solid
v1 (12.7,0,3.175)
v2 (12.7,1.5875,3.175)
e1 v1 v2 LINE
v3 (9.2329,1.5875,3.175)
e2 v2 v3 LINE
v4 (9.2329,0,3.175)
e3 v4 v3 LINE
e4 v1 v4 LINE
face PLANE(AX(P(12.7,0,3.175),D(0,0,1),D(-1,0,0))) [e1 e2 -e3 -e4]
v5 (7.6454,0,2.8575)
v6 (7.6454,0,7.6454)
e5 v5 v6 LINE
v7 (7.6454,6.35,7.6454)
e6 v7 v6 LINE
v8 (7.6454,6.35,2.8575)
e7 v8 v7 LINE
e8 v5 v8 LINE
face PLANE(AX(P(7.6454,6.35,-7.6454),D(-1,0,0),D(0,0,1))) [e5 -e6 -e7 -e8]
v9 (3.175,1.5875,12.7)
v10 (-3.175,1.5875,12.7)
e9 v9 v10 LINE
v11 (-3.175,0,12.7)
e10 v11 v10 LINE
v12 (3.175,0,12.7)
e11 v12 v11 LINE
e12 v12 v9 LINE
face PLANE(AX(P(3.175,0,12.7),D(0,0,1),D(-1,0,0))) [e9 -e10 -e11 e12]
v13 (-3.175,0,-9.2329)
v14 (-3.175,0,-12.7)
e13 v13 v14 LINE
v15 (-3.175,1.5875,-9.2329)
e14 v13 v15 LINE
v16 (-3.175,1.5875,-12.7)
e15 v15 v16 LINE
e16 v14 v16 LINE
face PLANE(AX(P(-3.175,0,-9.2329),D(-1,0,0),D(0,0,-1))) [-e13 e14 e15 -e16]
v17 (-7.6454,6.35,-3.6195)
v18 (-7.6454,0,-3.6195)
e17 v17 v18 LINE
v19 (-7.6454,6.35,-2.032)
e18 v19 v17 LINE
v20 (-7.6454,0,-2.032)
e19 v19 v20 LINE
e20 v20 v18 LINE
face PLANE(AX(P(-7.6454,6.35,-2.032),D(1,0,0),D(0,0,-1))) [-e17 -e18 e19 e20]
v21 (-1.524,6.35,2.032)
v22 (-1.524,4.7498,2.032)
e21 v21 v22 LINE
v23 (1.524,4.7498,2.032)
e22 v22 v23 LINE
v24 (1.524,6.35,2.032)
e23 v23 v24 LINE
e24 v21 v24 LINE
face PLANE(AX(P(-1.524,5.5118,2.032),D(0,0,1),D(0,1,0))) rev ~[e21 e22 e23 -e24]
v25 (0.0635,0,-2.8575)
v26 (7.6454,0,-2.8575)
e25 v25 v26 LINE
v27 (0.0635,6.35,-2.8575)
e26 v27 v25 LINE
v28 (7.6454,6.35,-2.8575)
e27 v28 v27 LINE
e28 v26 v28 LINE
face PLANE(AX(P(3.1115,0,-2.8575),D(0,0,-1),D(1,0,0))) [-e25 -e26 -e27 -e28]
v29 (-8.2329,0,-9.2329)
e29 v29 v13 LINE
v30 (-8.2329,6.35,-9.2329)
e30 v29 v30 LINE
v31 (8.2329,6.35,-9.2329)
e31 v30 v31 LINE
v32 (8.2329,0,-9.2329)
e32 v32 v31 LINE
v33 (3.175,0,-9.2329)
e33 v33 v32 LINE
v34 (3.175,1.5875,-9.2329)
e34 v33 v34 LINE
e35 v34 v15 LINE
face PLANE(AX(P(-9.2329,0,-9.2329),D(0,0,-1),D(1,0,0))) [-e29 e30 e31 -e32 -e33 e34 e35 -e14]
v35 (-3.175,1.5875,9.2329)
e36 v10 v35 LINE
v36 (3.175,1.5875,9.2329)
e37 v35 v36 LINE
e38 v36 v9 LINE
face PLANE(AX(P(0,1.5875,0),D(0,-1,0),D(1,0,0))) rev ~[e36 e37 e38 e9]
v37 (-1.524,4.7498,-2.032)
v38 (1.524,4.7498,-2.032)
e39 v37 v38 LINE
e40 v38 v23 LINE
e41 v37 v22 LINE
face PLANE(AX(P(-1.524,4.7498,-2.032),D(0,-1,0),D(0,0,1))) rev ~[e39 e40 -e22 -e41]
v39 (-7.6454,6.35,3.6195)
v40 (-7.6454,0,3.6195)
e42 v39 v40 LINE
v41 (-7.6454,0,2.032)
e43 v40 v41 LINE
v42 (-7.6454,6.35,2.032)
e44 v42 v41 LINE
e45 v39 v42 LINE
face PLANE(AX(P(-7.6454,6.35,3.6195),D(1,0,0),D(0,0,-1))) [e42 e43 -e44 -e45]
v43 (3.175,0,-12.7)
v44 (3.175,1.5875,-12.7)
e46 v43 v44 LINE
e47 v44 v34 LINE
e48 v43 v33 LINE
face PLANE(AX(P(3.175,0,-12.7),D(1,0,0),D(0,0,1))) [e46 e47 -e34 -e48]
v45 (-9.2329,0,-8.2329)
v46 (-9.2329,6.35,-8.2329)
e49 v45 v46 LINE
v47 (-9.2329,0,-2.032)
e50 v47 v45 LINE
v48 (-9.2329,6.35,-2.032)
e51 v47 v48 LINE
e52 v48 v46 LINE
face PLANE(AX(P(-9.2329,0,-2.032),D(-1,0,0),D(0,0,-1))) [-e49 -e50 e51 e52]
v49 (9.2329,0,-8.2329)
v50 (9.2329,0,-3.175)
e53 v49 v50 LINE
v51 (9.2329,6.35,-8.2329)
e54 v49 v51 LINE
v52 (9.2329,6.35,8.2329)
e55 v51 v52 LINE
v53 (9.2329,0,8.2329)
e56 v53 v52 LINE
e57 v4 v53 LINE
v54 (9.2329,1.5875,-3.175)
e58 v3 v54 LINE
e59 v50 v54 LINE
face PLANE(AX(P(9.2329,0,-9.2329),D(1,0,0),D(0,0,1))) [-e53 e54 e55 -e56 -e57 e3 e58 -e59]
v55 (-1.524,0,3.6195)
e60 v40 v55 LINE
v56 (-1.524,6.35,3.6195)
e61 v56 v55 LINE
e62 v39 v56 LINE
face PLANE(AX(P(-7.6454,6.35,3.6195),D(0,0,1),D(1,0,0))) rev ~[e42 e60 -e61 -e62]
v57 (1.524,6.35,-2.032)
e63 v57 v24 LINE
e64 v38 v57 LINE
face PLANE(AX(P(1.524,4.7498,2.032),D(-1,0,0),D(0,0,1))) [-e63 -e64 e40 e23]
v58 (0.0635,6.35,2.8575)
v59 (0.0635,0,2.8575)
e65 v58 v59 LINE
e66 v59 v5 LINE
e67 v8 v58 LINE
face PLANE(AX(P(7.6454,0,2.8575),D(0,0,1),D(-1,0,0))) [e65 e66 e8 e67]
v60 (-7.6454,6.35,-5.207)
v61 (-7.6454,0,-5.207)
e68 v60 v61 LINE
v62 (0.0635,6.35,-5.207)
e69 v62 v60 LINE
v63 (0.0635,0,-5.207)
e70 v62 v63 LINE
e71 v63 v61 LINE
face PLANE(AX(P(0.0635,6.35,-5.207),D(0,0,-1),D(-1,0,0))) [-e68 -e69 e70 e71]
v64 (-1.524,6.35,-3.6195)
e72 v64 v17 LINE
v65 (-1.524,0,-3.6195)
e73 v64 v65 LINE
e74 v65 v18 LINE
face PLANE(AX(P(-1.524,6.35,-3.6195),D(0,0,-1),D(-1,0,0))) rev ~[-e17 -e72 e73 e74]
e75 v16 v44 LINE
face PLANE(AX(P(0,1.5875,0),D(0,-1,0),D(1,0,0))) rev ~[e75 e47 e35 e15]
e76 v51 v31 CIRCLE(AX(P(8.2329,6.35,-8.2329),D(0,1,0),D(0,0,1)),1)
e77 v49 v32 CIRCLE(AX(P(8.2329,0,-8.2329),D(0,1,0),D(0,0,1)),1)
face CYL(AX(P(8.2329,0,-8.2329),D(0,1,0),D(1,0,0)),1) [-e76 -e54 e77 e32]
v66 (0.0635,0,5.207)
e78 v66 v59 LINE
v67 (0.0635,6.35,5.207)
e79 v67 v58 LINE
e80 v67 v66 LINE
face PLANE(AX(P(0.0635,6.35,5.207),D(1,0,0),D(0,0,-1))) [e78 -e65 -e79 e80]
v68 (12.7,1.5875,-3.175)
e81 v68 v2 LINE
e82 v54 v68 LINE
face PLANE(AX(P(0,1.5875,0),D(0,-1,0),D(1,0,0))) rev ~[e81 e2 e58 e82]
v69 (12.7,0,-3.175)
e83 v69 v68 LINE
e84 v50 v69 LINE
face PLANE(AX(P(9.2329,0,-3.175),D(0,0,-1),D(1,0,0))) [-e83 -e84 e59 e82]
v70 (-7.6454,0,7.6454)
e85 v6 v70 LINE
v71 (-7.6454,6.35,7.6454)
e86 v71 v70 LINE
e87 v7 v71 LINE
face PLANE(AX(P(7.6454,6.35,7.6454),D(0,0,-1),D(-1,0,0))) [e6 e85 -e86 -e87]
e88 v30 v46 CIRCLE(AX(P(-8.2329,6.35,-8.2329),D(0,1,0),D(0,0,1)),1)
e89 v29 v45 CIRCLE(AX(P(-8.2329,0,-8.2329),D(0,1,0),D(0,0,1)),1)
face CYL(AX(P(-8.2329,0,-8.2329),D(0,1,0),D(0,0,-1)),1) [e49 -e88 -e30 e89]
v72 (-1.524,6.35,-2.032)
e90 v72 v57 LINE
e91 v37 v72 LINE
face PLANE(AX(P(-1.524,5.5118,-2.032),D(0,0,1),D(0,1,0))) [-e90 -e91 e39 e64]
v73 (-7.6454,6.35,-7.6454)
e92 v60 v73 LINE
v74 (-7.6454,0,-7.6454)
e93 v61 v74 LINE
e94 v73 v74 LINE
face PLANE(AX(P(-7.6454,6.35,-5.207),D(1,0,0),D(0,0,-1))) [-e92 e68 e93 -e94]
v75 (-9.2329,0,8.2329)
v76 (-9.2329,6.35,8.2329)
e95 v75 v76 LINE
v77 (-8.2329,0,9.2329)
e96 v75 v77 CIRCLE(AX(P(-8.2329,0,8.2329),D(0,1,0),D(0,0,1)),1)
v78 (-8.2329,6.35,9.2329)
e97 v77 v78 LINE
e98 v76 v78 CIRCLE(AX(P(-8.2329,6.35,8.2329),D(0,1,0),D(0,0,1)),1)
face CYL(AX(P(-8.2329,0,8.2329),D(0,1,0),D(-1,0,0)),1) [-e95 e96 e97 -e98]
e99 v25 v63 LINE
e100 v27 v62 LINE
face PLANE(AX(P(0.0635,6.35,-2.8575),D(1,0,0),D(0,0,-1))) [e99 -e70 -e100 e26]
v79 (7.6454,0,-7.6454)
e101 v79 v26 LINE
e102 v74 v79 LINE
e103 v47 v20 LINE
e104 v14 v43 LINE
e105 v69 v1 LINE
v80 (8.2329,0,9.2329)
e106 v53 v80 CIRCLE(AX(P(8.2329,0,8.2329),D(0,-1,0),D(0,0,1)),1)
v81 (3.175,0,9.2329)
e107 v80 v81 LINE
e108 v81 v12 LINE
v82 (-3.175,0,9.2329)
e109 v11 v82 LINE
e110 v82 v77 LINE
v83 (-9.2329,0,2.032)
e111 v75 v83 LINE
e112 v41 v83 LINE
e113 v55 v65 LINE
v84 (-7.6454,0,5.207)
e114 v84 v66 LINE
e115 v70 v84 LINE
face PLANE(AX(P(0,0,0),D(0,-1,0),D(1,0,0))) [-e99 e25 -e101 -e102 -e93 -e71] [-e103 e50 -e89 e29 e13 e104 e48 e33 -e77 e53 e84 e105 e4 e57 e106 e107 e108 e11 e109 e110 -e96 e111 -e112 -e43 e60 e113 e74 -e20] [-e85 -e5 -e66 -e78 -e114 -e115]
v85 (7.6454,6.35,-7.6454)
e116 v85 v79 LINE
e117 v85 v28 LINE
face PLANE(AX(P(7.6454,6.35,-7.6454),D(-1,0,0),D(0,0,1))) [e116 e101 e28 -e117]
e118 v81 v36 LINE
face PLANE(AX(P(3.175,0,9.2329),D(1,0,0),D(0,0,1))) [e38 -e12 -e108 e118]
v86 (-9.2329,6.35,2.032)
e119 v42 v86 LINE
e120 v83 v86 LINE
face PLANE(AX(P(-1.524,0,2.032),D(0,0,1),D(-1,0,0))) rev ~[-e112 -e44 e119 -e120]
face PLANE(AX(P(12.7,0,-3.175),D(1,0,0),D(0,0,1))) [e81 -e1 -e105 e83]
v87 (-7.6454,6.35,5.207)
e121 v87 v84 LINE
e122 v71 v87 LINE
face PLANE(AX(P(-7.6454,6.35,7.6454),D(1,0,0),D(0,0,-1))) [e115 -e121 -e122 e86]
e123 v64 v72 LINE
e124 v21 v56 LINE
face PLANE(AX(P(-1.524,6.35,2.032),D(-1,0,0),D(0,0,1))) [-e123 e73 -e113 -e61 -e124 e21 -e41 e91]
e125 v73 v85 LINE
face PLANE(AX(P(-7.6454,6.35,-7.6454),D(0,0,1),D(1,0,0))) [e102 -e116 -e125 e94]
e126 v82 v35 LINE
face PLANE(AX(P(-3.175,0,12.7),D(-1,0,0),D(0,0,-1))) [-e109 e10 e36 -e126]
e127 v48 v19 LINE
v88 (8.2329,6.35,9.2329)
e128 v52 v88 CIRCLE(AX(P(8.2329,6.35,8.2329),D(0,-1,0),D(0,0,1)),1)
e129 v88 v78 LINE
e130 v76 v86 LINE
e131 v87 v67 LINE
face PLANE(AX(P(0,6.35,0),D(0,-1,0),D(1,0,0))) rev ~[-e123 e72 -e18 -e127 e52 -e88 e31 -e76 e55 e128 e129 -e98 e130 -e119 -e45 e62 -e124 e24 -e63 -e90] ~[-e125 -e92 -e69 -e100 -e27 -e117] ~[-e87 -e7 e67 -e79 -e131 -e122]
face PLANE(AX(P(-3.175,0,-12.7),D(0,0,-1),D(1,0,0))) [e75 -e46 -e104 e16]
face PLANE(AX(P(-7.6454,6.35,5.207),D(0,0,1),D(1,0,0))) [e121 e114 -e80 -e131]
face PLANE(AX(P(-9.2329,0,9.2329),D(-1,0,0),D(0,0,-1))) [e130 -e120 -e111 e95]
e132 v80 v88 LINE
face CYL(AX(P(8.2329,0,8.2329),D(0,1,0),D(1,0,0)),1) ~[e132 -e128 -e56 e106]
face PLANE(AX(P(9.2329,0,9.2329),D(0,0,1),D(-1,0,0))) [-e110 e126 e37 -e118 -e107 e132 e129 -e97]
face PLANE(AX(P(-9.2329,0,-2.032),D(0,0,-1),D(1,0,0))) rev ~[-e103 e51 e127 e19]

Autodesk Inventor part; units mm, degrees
ref_plane "YZ Plane" through (0, 0, 0) normal (1, 0, 0) x (0, 1, 0)
ref_plane "XZ Plane" through (0, 0, 0) normal (0, 1, 0) x (-1, 0, 0)
ref_plane "XY Plane" through (0, 0, 0) normal (0, 0, 1) x (1, 0, 0)
sketch "Sketch1" plane through (0, 0, 0) normal (0, 1, 0) x (-1, 0, 0)
  line L0 (-9.2329, 9.2329) -> (9.2329, 9.2329)
  line L1 (9.2329, -9.2329) -> (-9.2329, -9.2329)
  line L2 (-9.2329, -9.2329) -> (-9.2329, 9.2329)
  line L3 (-9.2329, 9.2329) -> (9.2329, -9.2329) construction
  line L4 (9.2329, 9.2329) -> (-9.2329, -9.2329) construction
  line L5 (-1.524, 2.032) -> (1.524, 2.032) construction
  line L6 (1.524, 2.032) -> (1.524, -2.032) construction
  line L7 (1.524, -2.032) -> (-1.524, -2.032) construction
  line L8 (-1.524, -2.032) -> (-1.524, 2.032) construction
  line L9 (-1.524, 2.032) -> (1.524, -2.032) construction
  line L10 (1.524, 2.032) -> (-1.524, -2.032) construction
  line L11 (1.524, 2.032) -> (9.2329, 2.032)
  line L12 (9.2329, -2.032) -> (1.524, -2.032)
  line L13 (1.524, -2.032) -> (1.524, 2.032)
  line L14 (9.2329, 9.2329) -> (9.2329, 2.032)
  line L15 (9.2329, -2.032) -> (9.2329, -9.2329)
  point P0 (0, 0)
  dimension "d0" = 18.4658
  dimension "d1" = 3.048
  dimension "d2" = 4.064
extrude "Extrusion1" add sketch "Sketch1" along normal blind 6.35
sketch "Sketch2" plane through (-1.524, 0, -2.032) normal (-1, 0, 0) x (0, 0, 1)
  line L0 (0, 0) -> (4.064, 0) projected
  line L1 (4.064, 0) -> (4.064, 6.35) projected
  line L2 (0, 6.35) -> (4.064, 6.35) projected
  line L3 (0, 0) -> (0, 6.35) projected
  line L4 (0, 4.7498) -> (4.064, 4.7498)
  line L5 (0, 5.5118) -> (0.762, 6.35)
  line L6 (3.302, 6.35) -> (4.064, 5.5118)
  line L7 (2.032, 4.7498) -> (2.032, 6.35) construction
  point P0 (2.032, 0)
  dimension "d17" = 1.6002
  dimension "d19" = 2.54
  dimension "d21" = 0.762
extrude "Extrusion2" cut sketch "Sketch2" against normal blind 3.048 contours L3 L5 L2 L6 L1 L4
sketch "Sketch6" plane through (0, 6.35, 0) normal (0, 1, 0) x (1, 0, 0)
  line L0 (1.524, -1.27) -> (-1.524, -1.27) projected
  line L1 (-1.524, -1.27) -> (-1.524, -2.032) projected
  line L2 (-1.524, -2.032) -> (-9.2329, -2.032) projected
  line L3 (-9.2329, -2.032) -> (-9.2329, -9.2329) projected
  line L4 (-9.2329, -9.2329) -> (9.2329, -9.2329) projected
  line L5 (9.2329, -9.2329) -> (9.2329, 9.2329) projected
  line L6 (9.2329, 9.2329) -> (-9.2329, 9.2329) projected
  line L7 (-9.2329, 9.2329) -> (-9.2329, 2.032) projected
  line L8 (-9.2329, 2.032) -> (-1.524, 2.032) projected
  line L9 (-1.524, 2.032) -> (-1.524, 1.27) projected
  line L10 (-1.524, 1.27) -> (1.524, 1.27) projected
  line L11 (1.524, 1.27) -> (1.524, -1.27) projected
  line L12 (-7.6454, 7.6454) -> (7.6454, 7.6454)
  line L13 (7.6454, 7.6454) -> (7.6454, -7.6454)
  line L14 (7.6454, -7.6454) -> (-7.6454, -7.6454)
  line L15 (-7.6454, -7.6454) -> (-7.6454, -3.6195)
  line L16 (-7.6454, -3.6195) -> (0.0635, -3.6195)
  line L17 (0.0635, -3.6195) -> (0.0635, -2.8575)
  line L18 (0.0635, -2.8575) -> (3.1115, -2.8575)
  line L19 (3.1115, -2.8575) -> (3.1115, 2.8575)
  line L20 (3.1115, 2.8575) -> (0.0635, 2.8575)
  line L21 (0.0635, 2.8575) -> (0.0635, 3.6195)
  line L22 (0.0635, 3.6195) -> (-7.6454, 3.6195)
  line L23 (-7.6454, 3.6195) -> (-7.6454, 7.6454)
  line L24 (-7.6454, 3.6195) -> (-1.524, 3.6195)
  line L25 (-1.524, 3.6195) -> (-1.524, -3.6195)
  line L26 (-1.524, -3.6195) -> (-7.6454, -3.6195)
  line L27 (-7.6454, -3.6195) -> (-7.6454, 3.6195)
  point P0 (0, 0)
  point P1 (-7.6454, -2.032)
  point P2 (-7.6454, 2.032)
  point P3 (-1.524, 2.032)
  dimension "d22" = 1.5875
extrude "Extrusion5" cut sketch "Sketch6" against normal through all contours L25 L16 L27 L2 | L8 L27 L22 L25
sketch "Sketch7" plane through (0, 6.35, 0) normal (0, 1, 0) x (1, 0, 0)
  line L0 (-7.6454, -3.6195) -> (-7.6454, -2.032) projected
  line L1 (-7.6454, -2.032) -> (-9.2329, -2.032) projected
  line L2 (-9.2329, -2.032) -> (-9.2329, -9.2329) projected
  line L3 (-9.2329, -9.2329) -> (9.2329, -9.2329) projected
  line L4 (9.2329, -9.2329) -> (9.2329, 9.2329) projected
  line L5 (9.2329, 9.2329) -> (-9.2329, 9.2329) projected
  line L6 (-9.2329, 9.2329) -> (-9.2329, 2.032) projected
  line L7 (-9.2329, 2.032) -> (-7.6454, 2.032) projected
  line L8 (-7.6454, 2.032) -> (-7.6454, 3.6195) projected
  line L9 (-7.6454, 3.6195) -> (-1.524, 3.6195) projected
  line L10 (-1.524, 3.6195) -> (-1.524, 1.27) projected
  line L11 (-1.524, 1.27) -> (1.524, 1.27) projected
  line L12 (1.524, 1.27) -> (1.524, -1.27) projected
  line L13 (1.524, -1.27) -> (-1.524, -1.27) projected
  line L14 (-1.524, -1.27) -> (-1.524, -3.6195) projected
  line L15 (-1.524, -3.6195) -> (-7.6454, -3.6195) projected
  line L16 (-7.6454, 7.6454) -> (7.6454, 7.6454)
  line L17 (7.6454, 7.6454) -> (7.6454, -7.6454)
  line L18 (7.6454, -7.6454) -> (-7.6454, -7.6454)
  line L19 (-7.6454, -7.6454) -> (-7.6454, -5.207)
  line L20 (-7.6454, -5.207) -> (0.0635, -5.207)
  line L21 (0.0635, -5.207) -> (0.0635, -2.8575)
  line L22 (0.0635, -2.8575) -> (3.1115, -2.8575)
  line L23 (3.1115, -2.8575) -> (3.1115, 2.8575)
  line L24 (3.1115, 2.8575) -> (0.0635, 2.8575)
  line L25 (0.0635, 2.8575) -> (0.0635, 5.207)
  line L26 (0.0635, 5.207) -> (-7.6454, 5.207)
  line L27 (-7.6454, 5.207) -> (-7.6454, 7.6454)
  point P0 (0, 0)
  dimension "d25" = 1.5875
extrude "Extrusion6" cut sketch "Sketch7" against normal through all contours L16 L17 L18 L19 L20 L21 L22 L23 L24 L25 L26 L27
sketch "Sketch8" plane through (0, 0, 0) normal (0, -1, 0) x (1, 0, 0)
  line L0 (-3.175, -12.7) -> (3.175, -12.7)
  line L1 (3.175, -12.7) -> (3.175, 12.7)
  line L2 (3.175, 12.7) -> (-3.175, 12.7)
  line L3 (-3.175, 12.7) -> (-3.175, -12.7)
  line L4 (-3.175, -12.7) -> (3.175, 12.7) construction
  line L5 (3.175, -12.7) -> (-3.175, 12.7) construction
  line L6 (0.0635, -5.207) -> (0.0635, -2.8575) projected
  line L7 (0.0635, -2.8575) -> (3.1115, -2.8575) projected
  line L8 (3.1115, -2.8575) -> (3.1115, 2.8575) projected
  line L9 (3.1115, 2.8575) -> (0.0635, 2.8575) projected
  line L10 (0.0635, 2.8575) -> (0.0635, 5.207) projected
  line L11 (0.0635, 5.207) -> (-7.6454, 5.207) projected
  line L12 (-7.6454, 5.207) -> (-7.6454, 7.6454) projected
  line L13 (-7.6454, 7.6454) -> (7.6454, 7.6454) projected
  line L14 (7.6454, 7.6454) -> (7.6454, -7.6454) projected
  line L15 (7.6454, -7.6454) -> (-7.6454, -7.6454) projected
  line L16 (-7.6454, -7.6454) -> (-7.6454, -5.207) projected
  line L17 (-7.6454, -5.207) -> (0.0635, -5.207) projected
  line L18 (-7.6454, 2.032) -> (-7.6454, 3.6195) projected
  line L19 (-7.6454, 3.6195) -> (-1.524, 3.6195) projected
  line L20 (-1.524, -3.6195) -> (-1.524, 3.6195) projected
  line L21 (-1.524, -3.6195) -> (-7.6454, -3.6195) projected
  line L22 (-7.6454, -3.6195) -> (-7.6454, -2.032) projected
  line L23 (-9.2329, -2.032) -> (-7.6454, -2.032) projected
  line L24 (-9.2329, -9.2329) -> (-9.2329, -2.032) projected
  line L25 (9.2329, -9.2329) -> (-9.2329, -9.2329) projected
  line L26 (9.2329, 9.2329) -> (9.2329, -9.2329) projected
  line L27 (-9.2329, 9.2329) -> (9.2329, 9.2329) projected
  line L28 (-9.2329, 2.032) -> (-9.2329, 9.2329) projected
  line L29 (-7.6454, 2.032) -> (-9.2329, 2.032) projected
  line L30 (-12.7, 3.175) -> (-12.7, -3.175)
  line L31 (-12.7, -3.175) -> (12.7, -3.175)
  line L32 (12.7, -3.175) -> (12.7, 3.175)
  line L33 (12.7, 3.175) -> (-12.7, 3.175)
  point P0 (0, 0)
  point P1 (3.175, -9.2329)
  point P2 (-3.175, -9.2329)
  point P3 (9.2329, 3.175)
  point P4 (9.2329, -3.175)
  point P5 (-3.175, 9.2329)
  point P6 (3.175, 9.2329)
  dimension "d28" = 6.35
  dimension "d29" = 25.4
  dimension "d32" = 90
extrude "Extrusion7" add sketch "Sketch8" against normal blind 1.5875 contours L3 L25 L1 L0 | L26 L33 L32 L31 | L27 L3 L2 L1
sketch "Sketch9" plane through (0, 0, 0) normal (0, -1, 0) x (1, 0, 0)
  line L0 (-1.524, -2.032) -> (1.524, -2.032) projected
  line L1 (0.0635, -5.207) -> (0.0635, -2.8575) projected
  line L2 (0.0635, -2.8575) -> (3.1115, -2.8575) projected
  line L3 (3.1115, -2.8575) -> (3.1115, 2.8575) projected
  line L4 (3.1115, 2.8575) -> (0.0635, 2.8575) projected
  line L5 (0.0635, 2.8575) -> (0.0635, 5.207) projected
  line L6 (0.0635, 5.207) -> (-7.6454, 5.207) projected
  line L7 (-7.6454, 5.207) -> (-7.6454, 7.6454) projected
  line L8 (-7.6454, 7.6454) -> (7.6454, 7.6454) projected
  line L9 (7.6454, 7.6454) -> (7.6454, -7.6454) projected
  line L10 (7.6454, -7.6454) -> (-7.6454, -7.6454) projected
  line L11 (-7.6454, -7.6454) -> (-7.6454, -5.207) projected
  line L12 (-7.6454, -5.207) -> (0.0635, -5.207) projected
  line L13 (-7.6454, 2.032) -> (-7.6454, 3.6195) projected
  line L14 (-7.6454, 3.6195) -> (-1.524, 3.6195) projected
  line L15 (-1.524, -3.6195) -> (-1.524, 3.6195) projected
  line L16 (-1.524, -3.6195) -> (-7.6454, -3.6195) projected
  line L17 (-7.6454, -3.6195) -> (-7.6454, -2.032) projected
  line L18 (-9.2329, -2.032) -> (-7.6454, -2.032) projected
  line L19 (-9.2329, -9.2329) -> (-9.2329, -2.032) projected
  line L20 (-3.175, -9.2329) -> (-9.2329, -9.2329) projected
  line L21 (-3.175, -9.2329) -> (-3.175, -12.7) projected
  line L22 (-3.175, -12.7) -> (3.175, -12.7) projected
  line L23 (3.175, -12.7) -> (3.175, -9.2329) projected
  line L24 (9.2329, -9.2329) -> (3.175, -9.2329) projected
  line L25 (9.2329, -3.175) -> (9.2329, -9.2329) projected
  line L26 (9.2329, -3.175) -> (12.7, -3.175) projected
  line L27 (12.7, -3.175) -> (12.7, 3.175) projected
  line L28 (12.7, 3.175) -> (9.2329, 3.175) projected
  line L29 (9.2329, 9.2329) -> (9.2329, 3.175) projected
  line L30 (3.175, 9.2329) -> (9.2329, 9.2329) projected
  line L31 (3.175, 9.2329) -> (3.175, 12.7) projected
  line L32 (3.175, 12.7) -> (-3.175, 12.7) projected
  line L33 (-3.175, 12.7) -> (-3.175, 9.2329) projected
  line L34 (-9.2329, 9.2329) -> (-3.175, 9.2329) projected
  line L35 (-9.2329, 2.032) -> (-9.2329, 9.2329) projected
  line L36 (-7.6454, 2.032) -> (-9.2329, 2.032) projected
  line L37 (3.1115, -2.8575) -> (7.6454, -2.8575)
  line L38 (7.6454, -2.8575) -> (7.6454, 2.8575)
  line L39 (7.6454, 2.8575) -> (3.1115, 2.8575)
  line L40 (3.1115, 2.8575) -> (3.1115, -2.8575)
  line L41 (3.1115, 2.8575) -> (0.0635, 2.8575) projected
  point P0 (0, 0)
  point P1 (7.6454, 2.8575)
extrude "Extrusion8" add sketch "Sketch9" against normal up to surface (6.35 mm away) contours L3 L39 L9 L37
sketch "Sketch10" plane through (-1.524, 4.7498, 2.032) normal (-1, 0, 0) x (0, 0, 1)
  line L0 (-0.762, 1.6002) -> (0, 0.762) projected
  line L1 (0, 0) -> (0, 0.762) projected
  line L2 (0, 0) -> (-4.064, 0) projected
  line L3 (-4.064, 0.762) -> (-4.064, 0) projected
  line L4 (-4.064, 0.762) -> (-3.302, 1.6002) projected
  line L5 (-5.6515, 1.6002) -> (-3.302, 1.6002) projected
  line L6 (-5.6515, 1.6002) -> (-5.6515, -4.7498) projected
  line L7 (-5.6515, -4.7498) -> (1.5875, -4.7498) projected
  line L8 (1.5875, 1.6002) -> (1.5875, -4.7498) projected
  line L9 (-0.762, 1.6002) -> (1.5875, 1.6002) projected
  line L10 (-11.2649, -4.7498) -> (-4.064, -4.7498) projected
  line L11 (-4.064, -4.7498) -> (-4.064, 1.6002) projected
  line L12 (-11.2649, 1.6002) -> (-4.064, 1.6002) projected
  line L13 (-11.2649, -4.7498) -> (-11.2649, 1.6002) projected
  line L14 (0, -4.7498) -> (7.2009, -4.7498) projected
  line L15 (7.2009, -4.7498) -> (7.2009, 1.6002) projected
  line L16 (0, 1.6002) -> (7.2009, 1.6002) projected
  line L17 (0, -4.7498) -> (0, 1.6002) projected
  point P0 (-2.032, -4.7498)
extrude "Extrusion9" cut sketch "Sketch10" against normal up to surface (3.048 mm away) contours L9 L17 L0 | L11 L5 L4
fillet "Fillet3" radius 1 4 edges at (-9.2329, 3.175, -9.2329) (-9.2329, 3.175, 9.2329) (9.2329, 3.175, 9.2329) (9.2329, 3.175, -9.2329)
properties part number "hall holder"
